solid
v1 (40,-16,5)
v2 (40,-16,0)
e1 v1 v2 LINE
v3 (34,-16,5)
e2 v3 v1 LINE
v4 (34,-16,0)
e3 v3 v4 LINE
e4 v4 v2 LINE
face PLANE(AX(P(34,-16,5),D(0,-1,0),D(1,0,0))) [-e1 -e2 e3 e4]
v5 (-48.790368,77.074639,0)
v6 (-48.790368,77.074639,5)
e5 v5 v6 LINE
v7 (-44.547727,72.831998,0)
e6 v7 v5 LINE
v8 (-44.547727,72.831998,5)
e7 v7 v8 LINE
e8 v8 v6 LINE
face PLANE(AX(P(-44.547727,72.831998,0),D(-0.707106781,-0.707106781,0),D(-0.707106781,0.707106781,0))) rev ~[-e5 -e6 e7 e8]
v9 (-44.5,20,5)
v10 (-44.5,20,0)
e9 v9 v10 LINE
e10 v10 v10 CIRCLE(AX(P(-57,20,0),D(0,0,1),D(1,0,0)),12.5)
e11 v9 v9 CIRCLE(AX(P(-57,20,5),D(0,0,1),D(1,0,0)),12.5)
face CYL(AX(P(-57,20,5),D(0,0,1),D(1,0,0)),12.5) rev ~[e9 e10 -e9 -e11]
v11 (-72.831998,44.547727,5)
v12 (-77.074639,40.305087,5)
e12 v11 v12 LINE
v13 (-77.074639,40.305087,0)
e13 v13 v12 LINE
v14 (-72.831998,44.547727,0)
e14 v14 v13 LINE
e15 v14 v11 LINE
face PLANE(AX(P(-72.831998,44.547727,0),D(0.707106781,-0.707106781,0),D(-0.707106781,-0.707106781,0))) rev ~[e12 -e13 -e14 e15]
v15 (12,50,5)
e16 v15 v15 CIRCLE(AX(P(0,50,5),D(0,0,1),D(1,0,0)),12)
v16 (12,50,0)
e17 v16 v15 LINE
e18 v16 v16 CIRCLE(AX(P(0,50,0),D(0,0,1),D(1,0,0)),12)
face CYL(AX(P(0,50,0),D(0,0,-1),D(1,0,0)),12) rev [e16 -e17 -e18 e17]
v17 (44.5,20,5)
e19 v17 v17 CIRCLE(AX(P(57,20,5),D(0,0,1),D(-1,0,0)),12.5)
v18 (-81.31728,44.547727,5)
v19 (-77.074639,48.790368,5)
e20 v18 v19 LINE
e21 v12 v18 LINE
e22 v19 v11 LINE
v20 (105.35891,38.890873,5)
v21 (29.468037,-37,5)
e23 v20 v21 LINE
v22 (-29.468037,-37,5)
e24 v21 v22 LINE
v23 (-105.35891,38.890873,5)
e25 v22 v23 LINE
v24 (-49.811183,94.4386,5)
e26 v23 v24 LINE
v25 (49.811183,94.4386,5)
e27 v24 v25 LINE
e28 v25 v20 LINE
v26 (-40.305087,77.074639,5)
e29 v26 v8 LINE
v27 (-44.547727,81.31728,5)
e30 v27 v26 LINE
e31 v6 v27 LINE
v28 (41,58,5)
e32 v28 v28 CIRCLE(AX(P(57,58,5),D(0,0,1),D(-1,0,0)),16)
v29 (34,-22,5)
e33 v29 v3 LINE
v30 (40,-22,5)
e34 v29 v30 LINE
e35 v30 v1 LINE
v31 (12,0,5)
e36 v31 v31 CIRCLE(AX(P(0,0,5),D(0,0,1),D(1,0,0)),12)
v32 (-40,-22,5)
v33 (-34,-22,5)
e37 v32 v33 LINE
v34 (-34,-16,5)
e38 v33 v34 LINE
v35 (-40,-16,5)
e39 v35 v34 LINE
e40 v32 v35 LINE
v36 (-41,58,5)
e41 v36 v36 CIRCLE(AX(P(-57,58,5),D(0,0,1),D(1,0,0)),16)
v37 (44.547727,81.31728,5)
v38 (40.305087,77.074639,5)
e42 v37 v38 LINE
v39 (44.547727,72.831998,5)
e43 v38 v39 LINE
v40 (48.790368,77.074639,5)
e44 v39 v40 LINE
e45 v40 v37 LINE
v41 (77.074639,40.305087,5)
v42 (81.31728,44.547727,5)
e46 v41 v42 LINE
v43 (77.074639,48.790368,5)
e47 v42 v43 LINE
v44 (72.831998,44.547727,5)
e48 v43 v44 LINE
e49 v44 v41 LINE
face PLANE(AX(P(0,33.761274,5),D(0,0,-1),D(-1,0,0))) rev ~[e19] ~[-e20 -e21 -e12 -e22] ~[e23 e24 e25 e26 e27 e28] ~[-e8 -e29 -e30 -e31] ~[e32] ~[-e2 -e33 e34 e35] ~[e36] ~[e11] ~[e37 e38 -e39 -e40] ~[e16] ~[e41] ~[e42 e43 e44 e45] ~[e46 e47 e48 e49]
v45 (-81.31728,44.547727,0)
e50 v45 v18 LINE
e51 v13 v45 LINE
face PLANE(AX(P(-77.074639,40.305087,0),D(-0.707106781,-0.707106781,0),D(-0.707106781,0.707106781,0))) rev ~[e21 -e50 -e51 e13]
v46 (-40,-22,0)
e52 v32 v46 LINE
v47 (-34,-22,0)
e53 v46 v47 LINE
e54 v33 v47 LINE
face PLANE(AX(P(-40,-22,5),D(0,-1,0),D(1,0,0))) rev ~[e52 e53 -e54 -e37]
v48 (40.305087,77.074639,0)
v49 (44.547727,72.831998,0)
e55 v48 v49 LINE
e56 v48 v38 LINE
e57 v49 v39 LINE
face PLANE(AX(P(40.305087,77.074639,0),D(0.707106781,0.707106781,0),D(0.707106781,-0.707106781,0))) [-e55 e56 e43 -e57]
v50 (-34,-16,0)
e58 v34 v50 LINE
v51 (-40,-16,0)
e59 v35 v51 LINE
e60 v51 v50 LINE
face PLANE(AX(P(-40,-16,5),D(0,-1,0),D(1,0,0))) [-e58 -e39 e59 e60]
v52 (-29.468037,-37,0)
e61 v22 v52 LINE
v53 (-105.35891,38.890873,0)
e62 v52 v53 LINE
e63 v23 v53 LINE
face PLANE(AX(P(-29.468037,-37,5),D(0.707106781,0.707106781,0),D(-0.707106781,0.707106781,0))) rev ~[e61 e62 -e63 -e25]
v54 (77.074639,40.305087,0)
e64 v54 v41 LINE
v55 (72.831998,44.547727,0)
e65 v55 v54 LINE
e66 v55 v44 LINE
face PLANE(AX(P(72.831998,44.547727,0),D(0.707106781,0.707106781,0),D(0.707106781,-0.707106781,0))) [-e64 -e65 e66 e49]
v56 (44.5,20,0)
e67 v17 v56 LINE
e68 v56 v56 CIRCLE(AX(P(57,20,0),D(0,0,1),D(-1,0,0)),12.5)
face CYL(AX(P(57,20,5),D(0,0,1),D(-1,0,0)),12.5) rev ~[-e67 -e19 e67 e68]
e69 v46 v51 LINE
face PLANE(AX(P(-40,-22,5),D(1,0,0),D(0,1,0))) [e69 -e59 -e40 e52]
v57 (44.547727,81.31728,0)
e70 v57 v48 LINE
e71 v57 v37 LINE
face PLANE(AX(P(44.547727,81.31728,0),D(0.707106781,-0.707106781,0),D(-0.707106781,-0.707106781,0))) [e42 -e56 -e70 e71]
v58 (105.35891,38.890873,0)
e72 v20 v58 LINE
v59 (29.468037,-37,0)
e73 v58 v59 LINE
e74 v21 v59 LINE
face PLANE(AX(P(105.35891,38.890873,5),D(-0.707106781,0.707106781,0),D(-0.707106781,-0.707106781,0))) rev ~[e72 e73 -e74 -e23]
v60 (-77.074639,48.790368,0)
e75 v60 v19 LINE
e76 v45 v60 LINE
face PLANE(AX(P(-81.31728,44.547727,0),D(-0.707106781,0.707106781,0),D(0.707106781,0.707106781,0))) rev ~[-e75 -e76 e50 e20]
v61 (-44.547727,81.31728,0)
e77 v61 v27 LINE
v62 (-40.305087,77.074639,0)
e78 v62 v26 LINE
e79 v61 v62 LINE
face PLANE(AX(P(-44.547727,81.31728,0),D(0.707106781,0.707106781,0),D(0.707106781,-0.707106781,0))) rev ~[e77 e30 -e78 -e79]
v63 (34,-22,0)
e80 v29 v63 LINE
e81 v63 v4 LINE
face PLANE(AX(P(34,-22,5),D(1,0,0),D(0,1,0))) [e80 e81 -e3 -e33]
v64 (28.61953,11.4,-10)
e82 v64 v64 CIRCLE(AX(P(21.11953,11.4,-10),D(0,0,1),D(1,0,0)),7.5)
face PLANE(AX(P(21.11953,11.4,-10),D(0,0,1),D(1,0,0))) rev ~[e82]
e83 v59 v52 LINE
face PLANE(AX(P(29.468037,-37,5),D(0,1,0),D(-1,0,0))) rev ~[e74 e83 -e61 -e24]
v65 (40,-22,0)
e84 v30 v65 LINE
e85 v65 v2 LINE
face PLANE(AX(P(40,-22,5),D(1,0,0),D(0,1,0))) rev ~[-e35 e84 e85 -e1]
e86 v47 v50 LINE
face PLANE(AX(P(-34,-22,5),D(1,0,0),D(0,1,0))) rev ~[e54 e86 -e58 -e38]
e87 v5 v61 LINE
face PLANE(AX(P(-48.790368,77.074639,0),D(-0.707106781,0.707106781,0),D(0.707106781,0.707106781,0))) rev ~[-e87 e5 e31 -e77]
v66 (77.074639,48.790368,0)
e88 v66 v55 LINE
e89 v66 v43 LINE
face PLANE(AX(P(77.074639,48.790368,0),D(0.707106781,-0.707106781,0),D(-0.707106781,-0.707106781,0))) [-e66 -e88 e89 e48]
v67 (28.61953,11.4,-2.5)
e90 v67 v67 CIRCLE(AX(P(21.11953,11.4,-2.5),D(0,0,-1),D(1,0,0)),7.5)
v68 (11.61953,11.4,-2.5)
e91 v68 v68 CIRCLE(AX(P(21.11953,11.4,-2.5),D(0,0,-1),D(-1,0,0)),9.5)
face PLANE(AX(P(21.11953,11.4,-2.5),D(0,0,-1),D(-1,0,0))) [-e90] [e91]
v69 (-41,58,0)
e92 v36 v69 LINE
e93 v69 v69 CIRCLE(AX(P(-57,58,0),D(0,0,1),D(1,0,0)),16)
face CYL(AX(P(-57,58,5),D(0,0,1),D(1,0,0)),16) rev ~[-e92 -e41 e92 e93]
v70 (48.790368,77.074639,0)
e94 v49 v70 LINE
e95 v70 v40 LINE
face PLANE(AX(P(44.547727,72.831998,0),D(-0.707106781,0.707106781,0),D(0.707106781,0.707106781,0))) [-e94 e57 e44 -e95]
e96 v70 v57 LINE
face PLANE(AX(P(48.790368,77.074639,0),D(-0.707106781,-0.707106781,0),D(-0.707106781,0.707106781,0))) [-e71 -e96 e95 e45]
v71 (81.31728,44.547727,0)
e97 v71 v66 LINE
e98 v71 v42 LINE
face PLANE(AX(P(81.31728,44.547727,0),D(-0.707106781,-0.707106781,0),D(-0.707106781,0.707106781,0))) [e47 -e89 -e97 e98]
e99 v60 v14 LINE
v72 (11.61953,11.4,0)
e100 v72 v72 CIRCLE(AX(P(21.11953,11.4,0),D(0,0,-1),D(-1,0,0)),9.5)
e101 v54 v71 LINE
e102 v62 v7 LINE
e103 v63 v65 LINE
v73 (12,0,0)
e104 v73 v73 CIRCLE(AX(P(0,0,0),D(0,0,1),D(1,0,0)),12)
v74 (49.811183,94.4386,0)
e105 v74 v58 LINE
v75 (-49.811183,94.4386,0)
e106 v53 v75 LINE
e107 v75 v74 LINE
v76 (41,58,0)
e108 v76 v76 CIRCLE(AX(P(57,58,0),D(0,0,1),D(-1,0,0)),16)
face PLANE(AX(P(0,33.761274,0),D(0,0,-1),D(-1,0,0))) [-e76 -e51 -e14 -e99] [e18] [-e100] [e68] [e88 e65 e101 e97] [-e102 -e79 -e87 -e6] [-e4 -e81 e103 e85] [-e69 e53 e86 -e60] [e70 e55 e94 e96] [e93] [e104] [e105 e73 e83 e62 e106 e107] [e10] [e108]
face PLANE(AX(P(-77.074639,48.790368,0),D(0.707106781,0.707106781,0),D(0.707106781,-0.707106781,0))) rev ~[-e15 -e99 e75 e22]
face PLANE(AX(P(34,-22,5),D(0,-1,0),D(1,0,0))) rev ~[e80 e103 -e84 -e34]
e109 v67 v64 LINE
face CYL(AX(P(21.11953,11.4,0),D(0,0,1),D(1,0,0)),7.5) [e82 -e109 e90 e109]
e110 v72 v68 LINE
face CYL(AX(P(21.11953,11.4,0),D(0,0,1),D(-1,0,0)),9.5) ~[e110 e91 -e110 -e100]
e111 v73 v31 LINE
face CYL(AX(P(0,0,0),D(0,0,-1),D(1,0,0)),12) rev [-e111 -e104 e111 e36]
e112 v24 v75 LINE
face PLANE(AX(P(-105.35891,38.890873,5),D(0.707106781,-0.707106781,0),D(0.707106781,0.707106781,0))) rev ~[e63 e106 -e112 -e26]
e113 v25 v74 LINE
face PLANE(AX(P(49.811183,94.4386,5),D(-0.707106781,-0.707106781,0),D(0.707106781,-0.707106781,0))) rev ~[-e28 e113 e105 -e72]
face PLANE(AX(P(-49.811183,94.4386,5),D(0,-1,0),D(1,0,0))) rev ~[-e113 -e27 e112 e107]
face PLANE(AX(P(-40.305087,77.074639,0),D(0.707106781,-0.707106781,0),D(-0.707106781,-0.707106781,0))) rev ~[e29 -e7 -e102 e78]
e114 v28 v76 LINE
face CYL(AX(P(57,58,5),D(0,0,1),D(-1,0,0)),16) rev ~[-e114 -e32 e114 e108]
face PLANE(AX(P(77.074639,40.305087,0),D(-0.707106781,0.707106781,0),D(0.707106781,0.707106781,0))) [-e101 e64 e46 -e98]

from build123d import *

# Parameters (mm, degrees)
SKETCH3_R           = 12
BOSS_EXTRUDE1_DEPTH = 5
BOSS_EXTRUDE2_DEPTH = 5
SKETCH6_R           = 16
SKETCH6_R_2         = 12.5
SKETCH6_W           = 6
SKETCH6_H           = 6
CUT_EXTRUDE1_DEPTH  = 5
SKETCH7_R           = 7.5
BOSS_EXTRUDE3_DEPTH = 10
SKETCH8_R           = 9.5
SKETCH8_R_2         = 7.5
BOSS_EXTRUDE4_DEPTH = 2.5


with BuildPart() as part:
    # Sketch3 → Boss-Extrude1 (new body)
    with BuildSketch(Plane.XY):
        Polygon((-77.781745931, 49.497474683), (-49.497474683, 77.781745931), (-43.840620434, 83.43860018), (43.840620434, 83.43860018), (49.497474683, 77.781745931), (77.781745931, 49.497474683), (88.388347648, 38.890872965), (27.497474683, -22), (-27.497474683, -22), (-88.388347648, 38.890872965), align=None)
        Circle(SKETCH3_R, mode=Mode.SUBTRACT)
        with Locations((0, 50)):
            Circle(SKETCH3_R, mode=Mode.SUBTRACT)
        Polygon((-81.317279836, 44.547727215), (-77.074639149, 48.790367902), (-72.831998462, 44.547727215), (-77.074639149, 40.305086528), align=None, mode=Mode.SUBTRACT)
        Polygon((-48.790367902, 77.074639149), (-44.547727215, 81.317279836), (-40.305086528, 77.074639149), (-44.547727215, 72.831998462), align=None, mode=Mode.SUBTRACT)
        Polygon((40.305086528, 77.074639149), (44.547727215, 72.831998462), (48.790367902, 77.074639149), (44.547727215, 81.317279836), align=None, mode=Mode.SUBTRACT)
        Polygon((72.831998462, 44.547727215), (77.074639149, 40.305086528), (81.317279836, 44.547727215), (77.074639149, 48.790367902), align=None, mode=Mode.SUBTRACT)
    extrude(amount=BOSS_EXTRUDE1_DEPTH)

    # Sketch5 → Boss-Extrude2 (add)
    with BuildSketch(Plane.XY.offset(5)):
        Polygon((-105.358910397, 38.890872965), (-49.811183182, 94.43860018), (49.811183182, 94.43860018), (105.358910397, 38.890872965), (29.468037432, -37), (-29.468037432, -37), align=None)
        Polygon((-43.840620434, 83.43860018), (-88.388347648, 38.890872965), (-27.497474683, -22), (27.497474683, -22), (88.388347648, 38.890872965), (43.840620434, 83.43860018), align=None, mode=Mode.SUBTRACT)
    extrude(amount=-BOSS_EXTRUDE2_DEPTH)

    # Sketch6 → Cut-Extrude1 (cut)
    with BuildSketch(Plane.XY.offset(5)):
        with Locations((-57, 58)):
            Circle(SKETCH6_R)
        with Locations((-57, 20)):
            Circle(SKETCH6_R_2)
        with Locations(Location((57, 20, 0), (0, 0, 180))):
            Circle(SKETCH6_R_2)
        with Locations(Location((57, 58, 0), (0, 0, 180))):
            Circle(SKETCH6_R)
        with Locations((-37, -19)):
            Rectangle(SKETCH6_W, SKETCH6_H)
        with Locations((37, -19)):
            Rectangle(SKETCH6_W, SKETCH6_H)
    extrude(amount=-CUT_EXTRUDE1_DEPTH, mode=Mode.SUBTRACT)

    # Sketch7 → Boss-Extrude3 (add)
    with BuildSketch(Plane.XY):
        with Locations((21.11953, 11.4)):
            Circle(SKETCH7_R)
    extrude(amount=-BOSS_EXTRUDE3_DEPTH)

    # Sketch8 → Boss-Extrude4 (add)
    with BuildSketch(Plane(origin=(0, 0, 0), x_dir=(-1, 0, 0), z_dir=(0, 0, -1))):
        with Locations((-21.11953, 11.4)):
            Circle(SKETCH8_R)
        with Locations(Location((-21.11953, 11.4, 0), (0, 0, 180))):
            Circle(SKETCH8_R_2, mode=Mode.SUBTRACT)
    extrude(amount=BOSS_EXTRUDE4_DEPTH)


solid = part.part
